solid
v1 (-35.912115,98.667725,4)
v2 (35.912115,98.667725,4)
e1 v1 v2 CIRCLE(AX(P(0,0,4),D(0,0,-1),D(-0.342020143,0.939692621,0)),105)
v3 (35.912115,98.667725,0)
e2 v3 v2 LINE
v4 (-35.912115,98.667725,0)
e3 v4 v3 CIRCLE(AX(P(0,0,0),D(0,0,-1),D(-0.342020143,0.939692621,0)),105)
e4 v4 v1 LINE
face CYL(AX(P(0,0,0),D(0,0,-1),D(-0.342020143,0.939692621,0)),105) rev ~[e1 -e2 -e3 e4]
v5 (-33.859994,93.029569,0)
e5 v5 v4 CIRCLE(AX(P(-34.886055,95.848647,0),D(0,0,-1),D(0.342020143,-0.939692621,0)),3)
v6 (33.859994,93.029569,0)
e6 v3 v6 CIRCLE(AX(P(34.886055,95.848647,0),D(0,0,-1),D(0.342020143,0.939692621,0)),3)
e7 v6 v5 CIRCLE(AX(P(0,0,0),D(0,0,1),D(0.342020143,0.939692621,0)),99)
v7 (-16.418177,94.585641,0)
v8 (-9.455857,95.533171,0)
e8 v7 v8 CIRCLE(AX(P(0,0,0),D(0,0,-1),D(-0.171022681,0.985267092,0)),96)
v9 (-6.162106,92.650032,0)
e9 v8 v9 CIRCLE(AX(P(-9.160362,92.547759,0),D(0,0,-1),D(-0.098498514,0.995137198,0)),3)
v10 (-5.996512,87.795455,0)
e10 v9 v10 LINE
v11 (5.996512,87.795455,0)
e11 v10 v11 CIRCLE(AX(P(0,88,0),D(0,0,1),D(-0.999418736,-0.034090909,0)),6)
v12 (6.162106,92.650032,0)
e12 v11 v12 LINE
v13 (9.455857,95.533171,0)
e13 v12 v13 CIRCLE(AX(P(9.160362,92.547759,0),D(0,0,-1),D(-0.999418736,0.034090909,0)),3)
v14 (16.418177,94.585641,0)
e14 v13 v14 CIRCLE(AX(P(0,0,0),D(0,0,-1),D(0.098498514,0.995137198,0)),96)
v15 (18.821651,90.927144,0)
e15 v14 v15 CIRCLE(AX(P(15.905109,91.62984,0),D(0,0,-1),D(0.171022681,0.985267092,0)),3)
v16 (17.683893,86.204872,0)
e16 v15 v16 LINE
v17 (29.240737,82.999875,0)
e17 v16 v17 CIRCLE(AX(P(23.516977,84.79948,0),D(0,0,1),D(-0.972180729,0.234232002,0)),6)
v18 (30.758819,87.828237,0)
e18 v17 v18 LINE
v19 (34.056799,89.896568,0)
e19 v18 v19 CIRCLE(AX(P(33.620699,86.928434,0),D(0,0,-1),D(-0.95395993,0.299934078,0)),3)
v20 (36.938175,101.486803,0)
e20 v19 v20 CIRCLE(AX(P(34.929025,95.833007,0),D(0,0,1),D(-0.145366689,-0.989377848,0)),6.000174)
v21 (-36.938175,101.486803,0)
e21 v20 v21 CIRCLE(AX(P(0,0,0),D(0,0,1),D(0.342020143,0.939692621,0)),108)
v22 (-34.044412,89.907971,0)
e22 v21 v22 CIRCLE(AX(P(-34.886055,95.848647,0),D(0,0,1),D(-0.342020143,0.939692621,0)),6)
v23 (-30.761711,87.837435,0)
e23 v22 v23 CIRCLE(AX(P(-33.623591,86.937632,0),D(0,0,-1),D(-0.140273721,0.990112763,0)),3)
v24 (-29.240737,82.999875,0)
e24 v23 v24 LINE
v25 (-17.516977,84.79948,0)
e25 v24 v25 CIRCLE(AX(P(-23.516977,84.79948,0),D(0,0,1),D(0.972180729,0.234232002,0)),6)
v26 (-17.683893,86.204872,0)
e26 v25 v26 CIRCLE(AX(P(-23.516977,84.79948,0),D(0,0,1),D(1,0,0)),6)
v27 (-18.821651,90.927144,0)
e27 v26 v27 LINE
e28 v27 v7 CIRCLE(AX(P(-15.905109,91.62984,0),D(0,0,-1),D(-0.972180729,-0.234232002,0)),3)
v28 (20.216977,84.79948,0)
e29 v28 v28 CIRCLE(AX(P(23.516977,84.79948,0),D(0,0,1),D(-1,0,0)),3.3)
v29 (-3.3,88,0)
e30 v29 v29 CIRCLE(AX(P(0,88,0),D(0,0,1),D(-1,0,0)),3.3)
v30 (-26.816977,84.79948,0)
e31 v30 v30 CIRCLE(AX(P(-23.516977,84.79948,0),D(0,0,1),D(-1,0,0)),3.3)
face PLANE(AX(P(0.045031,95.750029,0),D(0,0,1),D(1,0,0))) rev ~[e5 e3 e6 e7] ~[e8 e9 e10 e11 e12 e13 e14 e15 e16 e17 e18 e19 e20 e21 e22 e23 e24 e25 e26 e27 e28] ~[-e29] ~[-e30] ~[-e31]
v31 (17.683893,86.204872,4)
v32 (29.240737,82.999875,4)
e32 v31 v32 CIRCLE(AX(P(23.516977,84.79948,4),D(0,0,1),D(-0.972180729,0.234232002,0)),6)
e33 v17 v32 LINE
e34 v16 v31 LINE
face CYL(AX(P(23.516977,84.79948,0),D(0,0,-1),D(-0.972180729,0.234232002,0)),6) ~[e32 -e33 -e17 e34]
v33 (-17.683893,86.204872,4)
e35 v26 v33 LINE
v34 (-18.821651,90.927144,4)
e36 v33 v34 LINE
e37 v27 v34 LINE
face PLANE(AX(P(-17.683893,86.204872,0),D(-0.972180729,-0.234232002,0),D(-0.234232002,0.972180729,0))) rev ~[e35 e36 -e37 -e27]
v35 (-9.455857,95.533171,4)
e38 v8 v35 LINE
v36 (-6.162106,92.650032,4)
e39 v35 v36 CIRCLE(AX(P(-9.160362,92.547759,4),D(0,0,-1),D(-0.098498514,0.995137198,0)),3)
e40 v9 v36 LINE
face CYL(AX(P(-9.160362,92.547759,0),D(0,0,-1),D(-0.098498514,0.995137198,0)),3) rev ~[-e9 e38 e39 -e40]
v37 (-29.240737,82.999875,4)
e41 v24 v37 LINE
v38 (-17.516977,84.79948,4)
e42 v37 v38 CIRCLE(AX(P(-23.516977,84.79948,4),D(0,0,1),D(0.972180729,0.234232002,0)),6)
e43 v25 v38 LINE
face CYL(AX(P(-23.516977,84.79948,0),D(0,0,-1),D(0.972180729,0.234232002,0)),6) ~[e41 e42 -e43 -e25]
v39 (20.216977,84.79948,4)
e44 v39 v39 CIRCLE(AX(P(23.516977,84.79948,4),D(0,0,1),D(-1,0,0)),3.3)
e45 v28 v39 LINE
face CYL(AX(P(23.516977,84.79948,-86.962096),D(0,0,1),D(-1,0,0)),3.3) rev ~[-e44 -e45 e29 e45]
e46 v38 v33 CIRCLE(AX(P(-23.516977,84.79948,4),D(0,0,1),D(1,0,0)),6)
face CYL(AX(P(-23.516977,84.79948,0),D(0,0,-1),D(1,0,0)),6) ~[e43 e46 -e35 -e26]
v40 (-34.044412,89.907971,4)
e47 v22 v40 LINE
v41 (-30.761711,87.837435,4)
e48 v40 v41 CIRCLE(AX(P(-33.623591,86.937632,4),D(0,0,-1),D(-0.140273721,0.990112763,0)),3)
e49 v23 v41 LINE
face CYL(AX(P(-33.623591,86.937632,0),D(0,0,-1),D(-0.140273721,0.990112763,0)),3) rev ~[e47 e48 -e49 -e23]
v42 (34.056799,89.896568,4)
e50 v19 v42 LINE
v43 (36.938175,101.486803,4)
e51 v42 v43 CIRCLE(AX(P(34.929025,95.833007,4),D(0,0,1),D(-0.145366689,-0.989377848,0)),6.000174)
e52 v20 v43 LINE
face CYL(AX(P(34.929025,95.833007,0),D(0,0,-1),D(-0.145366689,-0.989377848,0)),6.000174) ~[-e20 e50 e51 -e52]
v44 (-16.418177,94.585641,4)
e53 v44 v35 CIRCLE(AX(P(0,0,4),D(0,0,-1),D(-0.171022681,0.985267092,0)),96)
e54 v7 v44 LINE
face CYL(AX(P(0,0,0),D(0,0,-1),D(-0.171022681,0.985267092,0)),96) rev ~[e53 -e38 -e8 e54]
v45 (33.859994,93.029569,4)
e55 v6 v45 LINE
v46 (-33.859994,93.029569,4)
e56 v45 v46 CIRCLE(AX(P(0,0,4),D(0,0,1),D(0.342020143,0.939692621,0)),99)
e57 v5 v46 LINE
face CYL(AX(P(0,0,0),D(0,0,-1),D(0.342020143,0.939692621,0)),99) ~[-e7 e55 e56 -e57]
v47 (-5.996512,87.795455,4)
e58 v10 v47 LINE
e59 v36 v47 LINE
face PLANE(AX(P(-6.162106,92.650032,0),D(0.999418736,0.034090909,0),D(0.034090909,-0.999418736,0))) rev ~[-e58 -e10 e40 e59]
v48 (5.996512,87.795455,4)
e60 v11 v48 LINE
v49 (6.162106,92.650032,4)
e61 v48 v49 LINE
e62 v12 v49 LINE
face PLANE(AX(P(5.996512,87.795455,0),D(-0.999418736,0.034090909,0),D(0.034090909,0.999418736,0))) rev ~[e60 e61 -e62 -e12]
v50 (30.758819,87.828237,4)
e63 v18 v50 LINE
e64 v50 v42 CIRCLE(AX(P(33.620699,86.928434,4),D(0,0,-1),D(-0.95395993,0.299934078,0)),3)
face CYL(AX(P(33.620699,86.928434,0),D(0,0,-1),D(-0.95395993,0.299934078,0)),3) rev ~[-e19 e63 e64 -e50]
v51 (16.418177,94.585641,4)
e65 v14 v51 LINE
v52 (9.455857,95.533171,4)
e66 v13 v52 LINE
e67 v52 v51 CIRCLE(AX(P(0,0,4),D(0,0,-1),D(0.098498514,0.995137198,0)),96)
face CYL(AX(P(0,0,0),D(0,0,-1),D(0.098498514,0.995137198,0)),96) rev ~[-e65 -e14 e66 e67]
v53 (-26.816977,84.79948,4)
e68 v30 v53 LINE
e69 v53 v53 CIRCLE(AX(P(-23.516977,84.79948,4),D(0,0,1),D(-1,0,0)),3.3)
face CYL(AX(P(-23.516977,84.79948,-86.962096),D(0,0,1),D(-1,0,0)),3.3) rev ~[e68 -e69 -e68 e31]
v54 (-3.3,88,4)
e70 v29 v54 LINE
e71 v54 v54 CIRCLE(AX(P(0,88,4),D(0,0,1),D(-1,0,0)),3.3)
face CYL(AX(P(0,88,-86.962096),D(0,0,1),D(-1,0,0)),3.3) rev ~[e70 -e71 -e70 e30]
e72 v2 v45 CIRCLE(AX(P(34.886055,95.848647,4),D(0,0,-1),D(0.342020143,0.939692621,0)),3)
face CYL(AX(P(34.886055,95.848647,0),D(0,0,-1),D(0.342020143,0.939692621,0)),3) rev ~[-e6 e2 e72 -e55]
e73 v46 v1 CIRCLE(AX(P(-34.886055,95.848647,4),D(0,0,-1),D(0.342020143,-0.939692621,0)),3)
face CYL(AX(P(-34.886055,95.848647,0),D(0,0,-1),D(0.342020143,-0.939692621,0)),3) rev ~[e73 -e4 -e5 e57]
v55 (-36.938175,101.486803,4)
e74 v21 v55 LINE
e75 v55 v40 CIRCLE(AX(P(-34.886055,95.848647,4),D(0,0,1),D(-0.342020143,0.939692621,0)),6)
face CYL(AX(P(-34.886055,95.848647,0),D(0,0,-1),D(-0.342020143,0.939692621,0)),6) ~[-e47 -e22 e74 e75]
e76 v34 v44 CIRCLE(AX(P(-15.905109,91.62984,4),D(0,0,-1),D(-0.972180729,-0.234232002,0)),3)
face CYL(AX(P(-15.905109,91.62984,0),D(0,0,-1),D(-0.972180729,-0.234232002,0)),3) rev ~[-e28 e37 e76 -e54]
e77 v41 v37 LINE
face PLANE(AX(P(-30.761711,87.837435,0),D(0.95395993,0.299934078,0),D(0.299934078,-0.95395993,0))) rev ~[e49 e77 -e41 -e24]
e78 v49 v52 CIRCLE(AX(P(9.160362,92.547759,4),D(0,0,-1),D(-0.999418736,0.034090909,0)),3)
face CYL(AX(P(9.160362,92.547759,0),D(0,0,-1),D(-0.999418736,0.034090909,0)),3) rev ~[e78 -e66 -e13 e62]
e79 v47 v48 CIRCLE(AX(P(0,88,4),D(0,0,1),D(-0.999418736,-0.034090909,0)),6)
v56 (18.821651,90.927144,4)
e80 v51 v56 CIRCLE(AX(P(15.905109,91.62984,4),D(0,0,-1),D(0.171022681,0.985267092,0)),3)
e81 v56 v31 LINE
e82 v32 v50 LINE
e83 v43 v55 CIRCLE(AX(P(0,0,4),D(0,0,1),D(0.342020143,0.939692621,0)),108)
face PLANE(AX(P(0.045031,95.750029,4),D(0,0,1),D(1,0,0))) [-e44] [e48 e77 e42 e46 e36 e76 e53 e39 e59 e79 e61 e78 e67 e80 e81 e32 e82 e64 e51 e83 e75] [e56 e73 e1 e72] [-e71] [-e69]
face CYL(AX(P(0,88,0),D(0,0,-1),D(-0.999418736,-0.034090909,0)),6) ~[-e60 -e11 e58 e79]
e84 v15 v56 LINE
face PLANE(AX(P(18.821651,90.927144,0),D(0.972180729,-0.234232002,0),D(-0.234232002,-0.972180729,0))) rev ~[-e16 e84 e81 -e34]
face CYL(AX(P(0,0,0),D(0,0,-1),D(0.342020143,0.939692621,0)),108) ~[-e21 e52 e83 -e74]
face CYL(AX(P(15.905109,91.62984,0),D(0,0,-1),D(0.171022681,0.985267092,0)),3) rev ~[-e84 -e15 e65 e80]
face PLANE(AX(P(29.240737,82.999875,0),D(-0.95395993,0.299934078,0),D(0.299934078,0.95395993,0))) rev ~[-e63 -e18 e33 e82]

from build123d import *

# Parameters (mm, degrees)
F0_R     = 3.3
F1_DEPTH = 4
F2_D     = 6.6


with BuildPart() as f1:
    # F0 (on Top) → F1 (new body)
    with BuildSketch(Plane.XY):
        with BuildLine():
            ThreePointArc((34.0567992704, 89.8965680339), (40.7519566994, 94.3854046152), (36.9381754792, 101.4868030449))
            ThreePointArc((36.9381754792, 101.4868030449), (0, 108), (-36.9381754792, 101.4868030449))
            ThreePointArc((-36.9381754792, 101.4868030449), (-40.7070213733, 94.393880651), (-34.0444122932, 89.9079707427))
            ThreePointArc((-34.0444122932, 89.9079707427), (-32.0231312915, 89.4750579815), (-30.7617113386, 87.8374346888))
            Line((-30.7617113386, 87.8374346888), (-29.240736677, 82.9998754131))
            ThreePointArc((-29.240736677, 82.9998754131), (-25.1204073514, 90.5812626016), (-17.6838927225, 86.2048718935))
            Line((-17.6838927225, 86.2048718935), (-18.8216514871, 90.9271435562))
            ThreePointArc((-18.8216514871, 90.9271435562), (-18.4124399871, 93.2770471476), (-16.4181773429, 94.585640838))
            ThreePointArc((-16.4181773429, 94.585640838), (-12.9456893063, 95.1231261491), (-9.455857384, 95.533170999))
            ThreePointArc((-9.455857384, 95.533170999), (-7.1844187157, 94.8051137786), (-6.1621056327, 92.6500321326))
            Line((-6.1621056327, 92.6500321326), (-5.9965124161, 87.7954545455))
            ThreePointArc((-5.9965124161, 87.7954545455), (-0.1022875924, 93.9991280407), (6, 88))
            ThreePointArc((6, 88), (5.9991280407, 87.8977124076), (5.9965124161, 87.7954545455))
            Line((5.9965124161, 87.7954545455), (6.1621056327, 92.6500321326))
            ThreePointArc((6.1621056327, 92.6500321326), (7.1844187157, 94.8051137786), (9.455857384, 95.533170999))
            ThreePointArc((9.455857384, 95.533170999), (12.9456893063, 95.1231261491), (16.4181773429, 94.585640838))
            ThreePointArc((16.4181773429, 94.585640838), (18.4124399871, 93.2770471476), (18.8216514871, 90.9271435562))
            Line((18.8216514871, 90.9271435562), (17.6838927225, 86.2048718935))
            ThreePointArc((17.6838927225, 86.2048718935), (24.224611805, 90.7576048489), (29.5169770949, 84.7994798824))
            ThreePointArc((29.5169770949, 84.7994798824), (29.4475149075, 83.8891385982), (29.240736677, 82.9998754131))
            Line((29.240736677, 82.9998754131), (30.7588194113, 87.8282367253))
            ThreePointArc((30.7588194113, 87.8282367253), (32.026773101, 89.4699693779), (34.0567992704, 89.8965680339))
        make_face()
        with BuildLine():
            ThreePointArc((-35.9121150493, 98.6677251825), (-1e-10, 105), (35.9121150492, 98.6677251825))
            ThreePointArc((35.9121150492, 98.6677251825), (37.7051324816, 94.8225868902), (33.8599941892, 93.0295694578))
            ThreePointArc((33.8599941892, 93.0295694578), (-1e-10, 99), (-33.8599941894, 93.0295694578))
            ThreePointArc((-33.8599941892, 93.0295694574), (-37.7051324816, 94.8225868898), (-35.9121150492, 98.6677251821))
        make_face(mode=Mode.SUBTRACT)
        with BuildLine():
            ThreePointArc((-5.9965124161, 87.7954545455), (0, 82), (5.9965124161, 87.7954545455))
            ThreePointArc((5.9965124161, 87.7954545455), (5.9991280407, 87.8977124076), (6, 88))
            ThreePointArc((6, 88), (-0.1022875924, 93.9991280407), (-5.9965124161, 87.7954545455))
        make_face()
        with Locations((0, 88)):
            Circle(F0_R, mode=Mode.SUBTRACT)
        with BuildLine():
            ThreePointArc((17.6838927225, 86.2048718935), (21.9135468384, 79.0176971631), (29.240736677, 82.9998754131))
            ThreePointArc((29.240736677, 82.9998754131), (29.4475149075, 83.8891385982), (29.5169770949, 84.7994798824))
            ThreePointArc((29.5169770949, 84.7994798824), (24.224611805, 90.7576048489), (17.6838927225, 86.2048718935))
        make_face()
        with Locations((23.5169770949, 84.7994798824)):
            Circle(F0_R, mode=Mode.SUBTRACT)
        with BuildLine():
            ThreePointArc((-17.6838927225, 86.2048718935), (-25.1204073514, 90.5812626016), (-29.240736677, 82.9998754131))
            ThreePointArc((-29.240736677, 82.9998754131), (-22.6066358108, 78.8689420698), (-17.5169770949, 84.7994798824))
            ThreePointArc((-17.5169770949, 84.7994798824), (-17.5588521283, 85.5071145925), (-17.6838927225, 86.2048718935))
        make_face()
        with Locations((-23.5169770949, 84.7994798824)):
            Circle(F0_R, mode=Mode.SUBTRACT)
        with Locations((0, 88)):
            Circle(F0_R)
        with Locations((23.5169770949, 84.7994798824)):
            Circle(F0_R)
        with Locations((-23.5169770949, 84.7994798824)):
            Circle(F0_R)
    extrude(amount=F1_DEPTH)

    # F2 (through all)
    with Locations(Plane(origin=(0, 0, 0), x_dir=(1, 0, 0), z_dir=(0, 0, -1))):
        with Locations((-23.5169770949, -84.7994798824), (0, -88), (23.5169770949, -84.7994798824)):
            Hole(F2_D / 2)


solid = f1.part
